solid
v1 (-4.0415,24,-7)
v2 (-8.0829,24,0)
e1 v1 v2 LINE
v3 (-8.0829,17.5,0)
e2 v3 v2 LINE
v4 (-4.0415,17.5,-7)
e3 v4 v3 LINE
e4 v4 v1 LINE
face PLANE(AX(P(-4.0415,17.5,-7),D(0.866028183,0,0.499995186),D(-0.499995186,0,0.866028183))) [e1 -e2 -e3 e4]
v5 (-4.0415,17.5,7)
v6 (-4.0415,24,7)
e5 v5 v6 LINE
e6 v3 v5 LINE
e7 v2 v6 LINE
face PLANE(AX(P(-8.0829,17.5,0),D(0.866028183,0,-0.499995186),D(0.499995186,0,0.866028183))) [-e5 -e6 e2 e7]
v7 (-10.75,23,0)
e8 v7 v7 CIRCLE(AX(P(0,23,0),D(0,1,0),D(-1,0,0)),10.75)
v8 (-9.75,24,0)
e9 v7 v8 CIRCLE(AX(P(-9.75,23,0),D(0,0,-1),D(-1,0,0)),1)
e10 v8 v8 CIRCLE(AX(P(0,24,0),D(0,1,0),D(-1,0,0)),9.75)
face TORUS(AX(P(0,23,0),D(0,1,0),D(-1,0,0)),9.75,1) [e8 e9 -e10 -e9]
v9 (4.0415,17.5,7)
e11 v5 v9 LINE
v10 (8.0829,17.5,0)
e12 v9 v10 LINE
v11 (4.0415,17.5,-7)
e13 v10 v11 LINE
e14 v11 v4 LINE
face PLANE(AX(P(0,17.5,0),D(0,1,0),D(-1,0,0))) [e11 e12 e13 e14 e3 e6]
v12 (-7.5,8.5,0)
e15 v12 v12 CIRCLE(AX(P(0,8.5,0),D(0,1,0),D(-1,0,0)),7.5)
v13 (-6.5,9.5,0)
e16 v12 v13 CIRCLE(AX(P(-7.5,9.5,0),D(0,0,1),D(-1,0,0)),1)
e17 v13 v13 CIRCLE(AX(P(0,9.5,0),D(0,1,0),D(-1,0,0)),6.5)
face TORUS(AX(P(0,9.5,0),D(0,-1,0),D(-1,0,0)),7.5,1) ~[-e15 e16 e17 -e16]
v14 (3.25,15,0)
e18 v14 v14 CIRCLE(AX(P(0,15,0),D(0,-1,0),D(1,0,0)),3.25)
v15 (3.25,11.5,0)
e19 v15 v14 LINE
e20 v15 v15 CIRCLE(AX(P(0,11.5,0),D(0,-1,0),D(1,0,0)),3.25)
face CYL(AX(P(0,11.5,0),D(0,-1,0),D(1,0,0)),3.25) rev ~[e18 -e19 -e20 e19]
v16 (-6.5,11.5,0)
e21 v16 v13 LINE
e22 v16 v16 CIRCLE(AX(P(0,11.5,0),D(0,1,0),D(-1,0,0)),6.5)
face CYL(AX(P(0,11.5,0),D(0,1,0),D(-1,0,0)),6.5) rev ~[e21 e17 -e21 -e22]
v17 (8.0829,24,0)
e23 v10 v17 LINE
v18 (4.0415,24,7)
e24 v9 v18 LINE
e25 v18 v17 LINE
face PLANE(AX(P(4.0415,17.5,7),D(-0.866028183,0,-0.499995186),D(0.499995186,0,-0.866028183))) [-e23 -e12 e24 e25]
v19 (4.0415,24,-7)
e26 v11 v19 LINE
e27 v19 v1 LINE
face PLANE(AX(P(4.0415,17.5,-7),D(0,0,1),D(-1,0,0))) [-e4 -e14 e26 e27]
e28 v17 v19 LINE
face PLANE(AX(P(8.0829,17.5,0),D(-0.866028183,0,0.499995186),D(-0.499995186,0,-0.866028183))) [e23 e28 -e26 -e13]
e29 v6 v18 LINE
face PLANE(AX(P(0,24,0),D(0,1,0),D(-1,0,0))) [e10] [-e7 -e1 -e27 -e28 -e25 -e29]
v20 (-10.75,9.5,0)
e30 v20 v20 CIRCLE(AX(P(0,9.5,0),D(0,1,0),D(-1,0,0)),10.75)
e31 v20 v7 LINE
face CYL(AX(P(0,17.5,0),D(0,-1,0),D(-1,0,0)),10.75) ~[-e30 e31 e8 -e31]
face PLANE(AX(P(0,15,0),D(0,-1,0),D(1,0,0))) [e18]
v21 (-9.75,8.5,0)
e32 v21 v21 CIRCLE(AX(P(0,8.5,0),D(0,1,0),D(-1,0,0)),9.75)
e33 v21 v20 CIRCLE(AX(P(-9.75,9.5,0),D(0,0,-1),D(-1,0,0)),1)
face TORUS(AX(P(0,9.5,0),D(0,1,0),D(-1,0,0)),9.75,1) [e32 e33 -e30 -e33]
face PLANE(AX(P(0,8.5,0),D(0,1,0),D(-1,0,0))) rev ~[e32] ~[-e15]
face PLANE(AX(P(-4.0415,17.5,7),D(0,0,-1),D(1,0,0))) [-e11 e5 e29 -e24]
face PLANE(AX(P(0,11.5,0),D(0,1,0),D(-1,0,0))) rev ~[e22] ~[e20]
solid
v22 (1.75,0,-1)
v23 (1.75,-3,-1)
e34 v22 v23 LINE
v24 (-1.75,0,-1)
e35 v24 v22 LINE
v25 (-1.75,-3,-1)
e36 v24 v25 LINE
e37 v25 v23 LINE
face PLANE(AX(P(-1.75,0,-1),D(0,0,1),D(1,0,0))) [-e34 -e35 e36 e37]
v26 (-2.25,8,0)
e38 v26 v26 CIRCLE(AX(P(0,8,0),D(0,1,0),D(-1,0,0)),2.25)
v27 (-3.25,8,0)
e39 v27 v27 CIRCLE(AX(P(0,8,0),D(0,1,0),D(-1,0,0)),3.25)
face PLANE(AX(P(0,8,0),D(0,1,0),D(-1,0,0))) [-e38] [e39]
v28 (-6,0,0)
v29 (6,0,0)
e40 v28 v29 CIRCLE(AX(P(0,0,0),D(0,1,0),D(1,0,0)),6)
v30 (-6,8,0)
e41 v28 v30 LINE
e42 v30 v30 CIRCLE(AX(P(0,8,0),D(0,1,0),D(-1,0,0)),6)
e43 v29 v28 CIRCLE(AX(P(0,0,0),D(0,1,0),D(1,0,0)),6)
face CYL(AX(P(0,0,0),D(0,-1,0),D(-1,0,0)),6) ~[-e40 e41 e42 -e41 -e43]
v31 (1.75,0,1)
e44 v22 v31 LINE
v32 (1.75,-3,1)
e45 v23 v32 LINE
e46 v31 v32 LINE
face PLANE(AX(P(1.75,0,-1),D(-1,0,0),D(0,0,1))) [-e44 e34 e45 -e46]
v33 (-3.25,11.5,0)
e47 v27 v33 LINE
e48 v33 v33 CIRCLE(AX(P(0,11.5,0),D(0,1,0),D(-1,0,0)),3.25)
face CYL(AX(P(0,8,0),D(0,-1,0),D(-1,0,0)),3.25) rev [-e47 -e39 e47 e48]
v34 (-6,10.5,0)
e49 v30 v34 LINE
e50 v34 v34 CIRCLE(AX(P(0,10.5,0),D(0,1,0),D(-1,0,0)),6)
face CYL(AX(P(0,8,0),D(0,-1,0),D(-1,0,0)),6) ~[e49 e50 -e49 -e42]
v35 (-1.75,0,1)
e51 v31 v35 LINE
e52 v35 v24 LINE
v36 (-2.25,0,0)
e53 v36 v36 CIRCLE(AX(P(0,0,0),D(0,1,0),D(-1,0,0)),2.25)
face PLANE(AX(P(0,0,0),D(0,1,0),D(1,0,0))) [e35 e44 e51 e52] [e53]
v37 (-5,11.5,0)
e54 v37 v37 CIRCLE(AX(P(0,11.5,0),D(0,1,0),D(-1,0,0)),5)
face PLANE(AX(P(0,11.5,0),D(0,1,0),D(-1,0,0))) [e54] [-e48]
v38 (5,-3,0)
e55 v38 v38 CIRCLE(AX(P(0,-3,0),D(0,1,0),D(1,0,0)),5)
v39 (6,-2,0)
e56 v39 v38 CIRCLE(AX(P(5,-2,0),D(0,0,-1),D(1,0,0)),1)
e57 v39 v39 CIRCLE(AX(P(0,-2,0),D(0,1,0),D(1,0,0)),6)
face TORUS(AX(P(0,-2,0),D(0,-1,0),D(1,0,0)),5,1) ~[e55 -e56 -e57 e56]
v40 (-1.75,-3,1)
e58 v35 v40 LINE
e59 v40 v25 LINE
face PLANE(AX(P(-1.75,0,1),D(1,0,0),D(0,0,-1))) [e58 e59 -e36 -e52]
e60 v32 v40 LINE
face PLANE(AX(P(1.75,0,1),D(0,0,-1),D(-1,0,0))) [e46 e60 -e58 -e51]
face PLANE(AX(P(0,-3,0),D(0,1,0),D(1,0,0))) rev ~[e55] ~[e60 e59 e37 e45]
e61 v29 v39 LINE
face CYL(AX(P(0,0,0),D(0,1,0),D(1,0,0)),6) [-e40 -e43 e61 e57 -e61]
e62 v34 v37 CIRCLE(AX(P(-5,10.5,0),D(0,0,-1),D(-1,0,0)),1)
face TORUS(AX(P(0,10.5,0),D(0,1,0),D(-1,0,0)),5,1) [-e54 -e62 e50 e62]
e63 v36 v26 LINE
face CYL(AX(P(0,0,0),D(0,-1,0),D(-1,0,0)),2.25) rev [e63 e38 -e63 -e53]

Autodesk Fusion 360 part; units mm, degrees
sketch "Sketch1" plane through (0, 0, 0) normal (0, 1, 0) x (1, 0, 0) in component "Forcep"
  circle A0 centre (0, 0) radius 6
  dimension "d1" = 12
extrude "Extrude1" add sketch "Sketch1" against normal blind 3 makes body 1 in component "Forcep"
sketch "Sketch2" plane through (0, 0, 0) normal (0, 1, 0) x (-1, 0, 0) in component "Forcep"
  circle A0 centre (0, 0) radius 6
  line L0 (1.75, -1) -> (-1.75, -1)
  line L1 (-1.75, -1) -> (-1.75, 1)
  line L2 (-1.75, 1) -> (1.75, 1)
  line L3 (1.75, 1) -> (1.75, -1)
  line L4 (1.75, -1) -> (-1.75, 1) construction
  line L5 (-1.75, -1) -> (1.75, 1) construction
  dimension "d4" = 3.5
  dimension "d5" = 2
extrude "Extrude2" cut sketch "Sketch2" against normal up to surface (3 mm away) contours L0 L1 L2 L3 bodies 1 in component "Forcep"
sketch "Sketch3" plane through (0, 0, 0) normal (0, 1, 0) x (-1, 0, 0) in component "Forcep"
  line L0 (1.75, 1) -> (1.75, -1)
  line L1 (1.75, -1) -> (-1.75, -1)
  line L2 (-1.75, -1) -> (-1.75, 1)
  line L3 (-1.75, 1) -> (1.75, 1)
  circle A0 centre (0, 0) radius 6
  circle A1 centre (0, 0) radius 2.25
  dimension "d8" = 4.5
extrude "Extrude3" add sketch "Sketch3" along normal blind 8 contours A0 bodies 1 in component "Forcep"
sketch "Sketch4" plane through (0, 8, 0) normal (0, 1, 0) x (-1, 0, 0) in component "Forcep"
  circle A0 centre (0, 0) radius 2.25
  circle A1 centre (0, 0) radius 6
  circle A2 centre (0, 0) radius 3.25
  dimension "d11" = 6.5
extrude "Extrude4" add sketch "Sketch4" along normal blind 3.5 contours A1 bodies 1 in component "Forcep"
sketch "Sketch4 (2)" plane through (0, 11.5, 0) normal (0, 1, 0) x (-1, 0, 0) in component "Plunger"
  circle A0 centre (0, 0) radius 3.25
  circle A1 centre (0, 0) radius 6.5
  circle A2 centre (0, 0) radius 10.75
  dimension "d20" = 13
  dimension "d21" = 21.5
extrude "Extrude3'" add sketch "Sketch4 (2)" against normal blind 3 separate body contours A2 makes body 2 in component "Plunger"
sketch "Sketch5" plane through (0, 11.5, 0) normal (0, 1, 0) x (-1, 0, 0) in component "Plunger"
  circle A0 centre (0, 0) radius 6.5
  circle A1 centre (0, 0) radius 10.75
  circle A2 centre (0, 0) radius 9.15
extrude "Extrude4'" add sketch "Sketch5" along normal blind 6 contours A0 | A1 | A2 bodies 2 in component "Plunger"
sketch "Sketch1 (2)" plane through (0, 11.5, 0) normal (0, -1, 0) x (1, 0, 0)
  circle A0 centre (0, 0) radius 6.5
  circle A1 centre (0, 0) radius 3.25
  dimension "d29" = 6.5
extrude "Extrude6" cut sketch "Sketch1 (2)" against normal blind 3.5 contours A1 bodies 2 in component "Plunger"
sketch "Sketch7" plane through (0, 17.5, 0) normal (0, 1, 0) x (-1, 0, 0) in component "Plunger"
  circle A0 centre (0, 0) radius 10.75
  line L0 (4.0415, -7) -> (8.0829, 0)
  line L1 (8.0829, 0) -> (4.0415, 7)
  line L2 (4.0415, 7) -> (-4.0415, 7)
  line L3 (-4.0415, 7) -> (-8.0829, 0)
  line L4 (-8.0829, 0) -> (-4.0415, -7)
  line L5 (-4.0415, -7) -> (4.0415, -7)
  dimension "d32" = 7
extrude "Extrude7" add sketch "Sketch7" along normal blind 6.5 bodies 2 in component "Plunger"
fillet "Fillet1" radius 1 1 edges at (6.0601, 8.5, -2.3505) on bodies 2 in component "Plunger"
fillet "Fillet2" radius 1 1 edges at (10.0225, 8.5, 3.8874) on bodies 2 in component "Plunger"
fillet "Fillet3" radius 1 1 edges at (10.0225, 24, -3.8874) on bodies 2 in component "Plunger"
fillet "Fillet1'" radius 1 1 edges at (-5.594, -3, -2.1697) on bodies 1 in component "Forcep"
fillet "Fillet2'" radius 1 1 edges at (5.594, 11.5, -2.1697) on bodies 1 in component "Forcep"
component "Plunger" placed x (1, 0, 0) y (0, 1, 0) z (0, 0, 1) at (0, 0, 0)
component "Forcep" placed x (1, 0, 0) y (0, 1, 0) z (0, 0, 1) at (0, 0, 0)
